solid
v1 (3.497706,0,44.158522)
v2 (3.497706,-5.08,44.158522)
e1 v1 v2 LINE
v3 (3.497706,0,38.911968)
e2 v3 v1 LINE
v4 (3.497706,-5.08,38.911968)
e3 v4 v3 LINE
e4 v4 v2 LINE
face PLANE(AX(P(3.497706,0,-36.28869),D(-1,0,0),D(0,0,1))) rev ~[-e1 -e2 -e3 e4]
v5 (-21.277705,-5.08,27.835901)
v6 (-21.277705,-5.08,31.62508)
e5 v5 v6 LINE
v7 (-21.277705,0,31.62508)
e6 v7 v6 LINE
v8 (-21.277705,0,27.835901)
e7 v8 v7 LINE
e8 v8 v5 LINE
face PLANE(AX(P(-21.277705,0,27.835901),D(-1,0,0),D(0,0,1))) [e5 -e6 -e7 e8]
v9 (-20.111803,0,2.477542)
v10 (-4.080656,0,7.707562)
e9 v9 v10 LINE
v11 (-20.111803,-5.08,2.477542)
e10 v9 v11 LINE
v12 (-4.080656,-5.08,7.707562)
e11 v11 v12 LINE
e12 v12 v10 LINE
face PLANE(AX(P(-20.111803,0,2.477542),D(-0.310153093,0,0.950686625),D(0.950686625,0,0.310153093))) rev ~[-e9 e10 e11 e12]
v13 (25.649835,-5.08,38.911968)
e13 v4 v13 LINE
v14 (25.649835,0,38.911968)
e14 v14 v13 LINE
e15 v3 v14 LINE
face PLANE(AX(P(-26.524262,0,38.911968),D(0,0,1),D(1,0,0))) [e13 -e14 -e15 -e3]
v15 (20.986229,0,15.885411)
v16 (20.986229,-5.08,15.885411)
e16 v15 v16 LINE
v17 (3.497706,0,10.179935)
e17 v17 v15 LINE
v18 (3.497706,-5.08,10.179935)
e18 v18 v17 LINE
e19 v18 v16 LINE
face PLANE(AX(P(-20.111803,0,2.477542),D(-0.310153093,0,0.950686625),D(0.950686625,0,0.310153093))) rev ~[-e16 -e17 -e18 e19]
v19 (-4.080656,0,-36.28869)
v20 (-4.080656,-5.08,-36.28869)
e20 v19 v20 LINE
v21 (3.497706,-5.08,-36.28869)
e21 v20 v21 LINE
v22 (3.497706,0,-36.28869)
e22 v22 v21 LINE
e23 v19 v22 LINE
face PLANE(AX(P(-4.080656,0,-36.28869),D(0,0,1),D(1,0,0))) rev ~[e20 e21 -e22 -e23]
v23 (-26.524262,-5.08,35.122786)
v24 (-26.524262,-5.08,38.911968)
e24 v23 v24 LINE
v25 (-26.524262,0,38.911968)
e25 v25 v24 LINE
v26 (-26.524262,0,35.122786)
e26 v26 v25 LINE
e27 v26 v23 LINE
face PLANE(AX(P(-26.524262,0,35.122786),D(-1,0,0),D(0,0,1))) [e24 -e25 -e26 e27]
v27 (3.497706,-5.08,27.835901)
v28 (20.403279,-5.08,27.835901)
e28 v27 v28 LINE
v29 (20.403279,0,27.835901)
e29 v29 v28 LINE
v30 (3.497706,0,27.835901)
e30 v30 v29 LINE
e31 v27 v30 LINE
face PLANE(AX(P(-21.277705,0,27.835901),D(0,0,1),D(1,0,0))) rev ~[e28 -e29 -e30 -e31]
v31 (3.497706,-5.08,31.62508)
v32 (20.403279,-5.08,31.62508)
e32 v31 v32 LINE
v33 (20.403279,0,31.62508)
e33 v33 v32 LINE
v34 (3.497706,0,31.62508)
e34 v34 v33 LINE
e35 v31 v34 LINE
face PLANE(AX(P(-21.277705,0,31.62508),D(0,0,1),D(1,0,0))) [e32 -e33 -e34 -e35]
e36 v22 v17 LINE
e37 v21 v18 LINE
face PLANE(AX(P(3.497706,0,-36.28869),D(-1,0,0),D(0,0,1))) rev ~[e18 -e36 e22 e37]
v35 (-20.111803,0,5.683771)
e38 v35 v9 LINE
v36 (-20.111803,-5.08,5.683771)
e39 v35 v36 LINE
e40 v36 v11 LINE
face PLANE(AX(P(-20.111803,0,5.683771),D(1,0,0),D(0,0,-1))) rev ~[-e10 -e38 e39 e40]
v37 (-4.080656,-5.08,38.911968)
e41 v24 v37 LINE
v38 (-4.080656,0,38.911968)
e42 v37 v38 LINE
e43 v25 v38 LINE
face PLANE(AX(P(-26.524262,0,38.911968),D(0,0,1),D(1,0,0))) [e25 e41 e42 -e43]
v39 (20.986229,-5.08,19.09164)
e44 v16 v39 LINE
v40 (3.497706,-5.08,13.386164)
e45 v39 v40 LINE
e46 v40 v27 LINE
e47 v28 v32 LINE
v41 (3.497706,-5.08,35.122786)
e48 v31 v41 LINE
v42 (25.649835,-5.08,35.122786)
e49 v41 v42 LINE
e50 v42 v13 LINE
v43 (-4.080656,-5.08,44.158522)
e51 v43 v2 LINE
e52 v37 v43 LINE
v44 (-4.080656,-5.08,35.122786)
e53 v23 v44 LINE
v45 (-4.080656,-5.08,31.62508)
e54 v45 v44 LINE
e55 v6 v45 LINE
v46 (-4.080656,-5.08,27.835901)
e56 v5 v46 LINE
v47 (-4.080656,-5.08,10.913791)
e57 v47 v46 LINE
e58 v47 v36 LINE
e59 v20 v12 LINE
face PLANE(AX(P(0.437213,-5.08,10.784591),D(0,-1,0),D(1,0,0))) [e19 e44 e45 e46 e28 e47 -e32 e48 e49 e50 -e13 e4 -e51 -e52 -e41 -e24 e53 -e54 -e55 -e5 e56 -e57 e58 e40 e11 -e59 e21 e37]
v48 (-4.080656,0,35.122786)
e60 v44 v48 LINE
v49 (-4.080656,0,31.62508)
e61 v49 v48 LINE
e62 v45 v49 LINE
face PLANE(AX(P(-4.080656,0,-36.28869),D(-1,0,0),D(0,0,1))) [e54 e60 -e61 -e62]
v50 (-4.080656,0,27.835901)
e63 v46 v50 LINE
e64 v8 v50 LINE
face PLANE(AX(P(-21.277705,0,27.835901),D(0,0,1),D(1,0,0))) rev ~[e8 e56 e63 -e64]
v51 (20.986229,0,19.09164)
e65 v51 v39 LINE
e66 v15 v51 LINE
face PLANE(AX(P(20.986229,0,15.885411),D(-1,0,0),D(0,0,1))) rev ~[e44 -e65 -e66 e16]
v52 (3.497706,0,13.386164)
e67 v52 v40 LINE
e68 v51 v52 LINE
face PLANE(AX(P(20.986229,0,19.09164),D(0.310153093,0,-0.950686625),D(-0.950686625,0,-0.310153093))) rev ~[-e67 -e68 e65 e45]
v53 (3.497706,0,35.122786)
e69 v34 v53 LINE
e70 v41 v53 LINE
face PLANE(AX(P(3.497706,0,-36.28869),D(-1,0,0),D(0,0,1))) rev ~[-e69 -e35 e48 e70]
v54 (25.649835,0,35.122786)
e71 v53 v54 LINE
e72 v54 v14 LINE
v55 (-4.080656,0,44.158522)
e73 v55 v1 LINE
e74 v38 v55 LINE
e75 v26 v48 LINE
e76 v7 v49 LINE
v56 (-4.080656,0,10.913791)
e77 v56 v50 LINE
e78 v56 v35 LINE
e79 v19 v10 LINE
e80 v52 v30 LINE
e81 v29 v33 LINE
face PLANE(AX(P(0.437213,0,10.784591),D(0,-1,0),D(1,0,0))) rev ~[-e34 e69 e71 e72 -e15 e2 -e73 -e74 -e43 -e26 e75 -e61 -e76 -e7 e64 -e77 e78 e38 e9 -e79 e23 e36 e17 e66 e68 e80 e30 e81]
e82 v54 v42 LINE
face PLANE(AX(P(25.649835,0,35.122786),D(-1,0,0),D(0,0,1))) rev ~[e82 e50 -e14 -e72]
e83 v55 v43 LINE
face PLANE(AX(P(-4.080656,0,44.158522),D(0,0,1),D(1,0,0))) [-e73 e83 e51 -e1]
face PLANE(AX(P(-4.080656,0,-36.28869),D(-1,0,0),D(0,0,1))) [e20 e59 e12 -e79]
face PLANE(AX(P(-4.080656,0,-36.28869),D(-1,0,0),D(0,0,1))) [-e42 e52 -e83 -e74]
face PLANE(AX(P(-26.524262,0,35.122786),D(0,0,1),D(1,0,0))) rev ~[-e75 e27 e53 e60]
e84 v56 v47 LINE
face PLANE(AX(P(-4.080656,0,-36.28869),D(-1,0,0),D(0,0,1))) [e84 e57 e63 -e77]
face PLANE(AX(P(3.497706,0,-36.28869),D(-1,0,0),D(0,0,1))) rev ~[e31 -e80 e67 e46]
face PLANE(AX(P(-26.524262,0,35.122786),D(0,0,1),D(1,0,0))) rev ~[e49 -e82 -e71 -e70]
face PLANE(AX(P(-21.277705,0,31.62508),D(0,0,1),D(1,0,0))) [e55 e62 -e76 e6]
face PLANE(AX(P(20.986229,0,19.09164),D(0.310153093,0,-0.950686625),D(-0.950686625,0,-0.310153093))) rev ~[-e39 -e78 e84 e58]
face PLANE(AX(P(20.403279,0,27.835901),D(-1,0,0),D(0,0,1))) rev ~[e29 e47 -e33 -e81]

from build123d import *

# Parameters (mm, degrees)
F0_W     = 7.578362
F0_H     = 80.447212
F1_DEPTH = 5.08
F2_W     = 52.174097
F2_H     = 3.789182
F2_W_2   = 41.680984
F2_H_2   = 3.789179
F3_DEPTH = 5.08
F4_DEPTH = 5.08
F6_DEPTH = 5.08


with BuildPart() as f1:
    # F0 (on Front) → F1 (new body)
    with BuildSketch(Plane.XZ):
        with Locations((-0.291475, 3.934916)):
            Rectangle(F0_W, F0_H)
    extrude(amount=F1_DEPTH)

    # F2 (on Front) → F3 (join)
    with BuildSketch(Plane.XZ):
        with Locations((-0.437214, 37.017377)):
            Rectangle(F2_W, F2_H)
        with Locations((-0.437213, 29.730491)):
            Rectangle(F2_W_2, F2_H_2)
    extrude(amount=F3_DEPTH)

    # F2 (on Front) → F4 (join)
    with BuildSketch(Plane.XZ):
        with Locations((-0.437214, 37.017377)):
            Rectangle(F2_W, F2_H)
        with Locations((-0.437213, 29.730491)):
            Rectangle(F2_W_2, F2_H_2)
    extrude(amount=F4_DEPTH)

    # F5 (on Front) → F6 (join)
    with BuildSketch(Plane.XZ):
        Polygon((20.986229, 19.09164), (-20.111803, 5.683771), (-20.111803, 2.477542), (20.986229, 15.885411), align=None)
    extrude(amount=F6_DEPTH)


solid = f1.part
